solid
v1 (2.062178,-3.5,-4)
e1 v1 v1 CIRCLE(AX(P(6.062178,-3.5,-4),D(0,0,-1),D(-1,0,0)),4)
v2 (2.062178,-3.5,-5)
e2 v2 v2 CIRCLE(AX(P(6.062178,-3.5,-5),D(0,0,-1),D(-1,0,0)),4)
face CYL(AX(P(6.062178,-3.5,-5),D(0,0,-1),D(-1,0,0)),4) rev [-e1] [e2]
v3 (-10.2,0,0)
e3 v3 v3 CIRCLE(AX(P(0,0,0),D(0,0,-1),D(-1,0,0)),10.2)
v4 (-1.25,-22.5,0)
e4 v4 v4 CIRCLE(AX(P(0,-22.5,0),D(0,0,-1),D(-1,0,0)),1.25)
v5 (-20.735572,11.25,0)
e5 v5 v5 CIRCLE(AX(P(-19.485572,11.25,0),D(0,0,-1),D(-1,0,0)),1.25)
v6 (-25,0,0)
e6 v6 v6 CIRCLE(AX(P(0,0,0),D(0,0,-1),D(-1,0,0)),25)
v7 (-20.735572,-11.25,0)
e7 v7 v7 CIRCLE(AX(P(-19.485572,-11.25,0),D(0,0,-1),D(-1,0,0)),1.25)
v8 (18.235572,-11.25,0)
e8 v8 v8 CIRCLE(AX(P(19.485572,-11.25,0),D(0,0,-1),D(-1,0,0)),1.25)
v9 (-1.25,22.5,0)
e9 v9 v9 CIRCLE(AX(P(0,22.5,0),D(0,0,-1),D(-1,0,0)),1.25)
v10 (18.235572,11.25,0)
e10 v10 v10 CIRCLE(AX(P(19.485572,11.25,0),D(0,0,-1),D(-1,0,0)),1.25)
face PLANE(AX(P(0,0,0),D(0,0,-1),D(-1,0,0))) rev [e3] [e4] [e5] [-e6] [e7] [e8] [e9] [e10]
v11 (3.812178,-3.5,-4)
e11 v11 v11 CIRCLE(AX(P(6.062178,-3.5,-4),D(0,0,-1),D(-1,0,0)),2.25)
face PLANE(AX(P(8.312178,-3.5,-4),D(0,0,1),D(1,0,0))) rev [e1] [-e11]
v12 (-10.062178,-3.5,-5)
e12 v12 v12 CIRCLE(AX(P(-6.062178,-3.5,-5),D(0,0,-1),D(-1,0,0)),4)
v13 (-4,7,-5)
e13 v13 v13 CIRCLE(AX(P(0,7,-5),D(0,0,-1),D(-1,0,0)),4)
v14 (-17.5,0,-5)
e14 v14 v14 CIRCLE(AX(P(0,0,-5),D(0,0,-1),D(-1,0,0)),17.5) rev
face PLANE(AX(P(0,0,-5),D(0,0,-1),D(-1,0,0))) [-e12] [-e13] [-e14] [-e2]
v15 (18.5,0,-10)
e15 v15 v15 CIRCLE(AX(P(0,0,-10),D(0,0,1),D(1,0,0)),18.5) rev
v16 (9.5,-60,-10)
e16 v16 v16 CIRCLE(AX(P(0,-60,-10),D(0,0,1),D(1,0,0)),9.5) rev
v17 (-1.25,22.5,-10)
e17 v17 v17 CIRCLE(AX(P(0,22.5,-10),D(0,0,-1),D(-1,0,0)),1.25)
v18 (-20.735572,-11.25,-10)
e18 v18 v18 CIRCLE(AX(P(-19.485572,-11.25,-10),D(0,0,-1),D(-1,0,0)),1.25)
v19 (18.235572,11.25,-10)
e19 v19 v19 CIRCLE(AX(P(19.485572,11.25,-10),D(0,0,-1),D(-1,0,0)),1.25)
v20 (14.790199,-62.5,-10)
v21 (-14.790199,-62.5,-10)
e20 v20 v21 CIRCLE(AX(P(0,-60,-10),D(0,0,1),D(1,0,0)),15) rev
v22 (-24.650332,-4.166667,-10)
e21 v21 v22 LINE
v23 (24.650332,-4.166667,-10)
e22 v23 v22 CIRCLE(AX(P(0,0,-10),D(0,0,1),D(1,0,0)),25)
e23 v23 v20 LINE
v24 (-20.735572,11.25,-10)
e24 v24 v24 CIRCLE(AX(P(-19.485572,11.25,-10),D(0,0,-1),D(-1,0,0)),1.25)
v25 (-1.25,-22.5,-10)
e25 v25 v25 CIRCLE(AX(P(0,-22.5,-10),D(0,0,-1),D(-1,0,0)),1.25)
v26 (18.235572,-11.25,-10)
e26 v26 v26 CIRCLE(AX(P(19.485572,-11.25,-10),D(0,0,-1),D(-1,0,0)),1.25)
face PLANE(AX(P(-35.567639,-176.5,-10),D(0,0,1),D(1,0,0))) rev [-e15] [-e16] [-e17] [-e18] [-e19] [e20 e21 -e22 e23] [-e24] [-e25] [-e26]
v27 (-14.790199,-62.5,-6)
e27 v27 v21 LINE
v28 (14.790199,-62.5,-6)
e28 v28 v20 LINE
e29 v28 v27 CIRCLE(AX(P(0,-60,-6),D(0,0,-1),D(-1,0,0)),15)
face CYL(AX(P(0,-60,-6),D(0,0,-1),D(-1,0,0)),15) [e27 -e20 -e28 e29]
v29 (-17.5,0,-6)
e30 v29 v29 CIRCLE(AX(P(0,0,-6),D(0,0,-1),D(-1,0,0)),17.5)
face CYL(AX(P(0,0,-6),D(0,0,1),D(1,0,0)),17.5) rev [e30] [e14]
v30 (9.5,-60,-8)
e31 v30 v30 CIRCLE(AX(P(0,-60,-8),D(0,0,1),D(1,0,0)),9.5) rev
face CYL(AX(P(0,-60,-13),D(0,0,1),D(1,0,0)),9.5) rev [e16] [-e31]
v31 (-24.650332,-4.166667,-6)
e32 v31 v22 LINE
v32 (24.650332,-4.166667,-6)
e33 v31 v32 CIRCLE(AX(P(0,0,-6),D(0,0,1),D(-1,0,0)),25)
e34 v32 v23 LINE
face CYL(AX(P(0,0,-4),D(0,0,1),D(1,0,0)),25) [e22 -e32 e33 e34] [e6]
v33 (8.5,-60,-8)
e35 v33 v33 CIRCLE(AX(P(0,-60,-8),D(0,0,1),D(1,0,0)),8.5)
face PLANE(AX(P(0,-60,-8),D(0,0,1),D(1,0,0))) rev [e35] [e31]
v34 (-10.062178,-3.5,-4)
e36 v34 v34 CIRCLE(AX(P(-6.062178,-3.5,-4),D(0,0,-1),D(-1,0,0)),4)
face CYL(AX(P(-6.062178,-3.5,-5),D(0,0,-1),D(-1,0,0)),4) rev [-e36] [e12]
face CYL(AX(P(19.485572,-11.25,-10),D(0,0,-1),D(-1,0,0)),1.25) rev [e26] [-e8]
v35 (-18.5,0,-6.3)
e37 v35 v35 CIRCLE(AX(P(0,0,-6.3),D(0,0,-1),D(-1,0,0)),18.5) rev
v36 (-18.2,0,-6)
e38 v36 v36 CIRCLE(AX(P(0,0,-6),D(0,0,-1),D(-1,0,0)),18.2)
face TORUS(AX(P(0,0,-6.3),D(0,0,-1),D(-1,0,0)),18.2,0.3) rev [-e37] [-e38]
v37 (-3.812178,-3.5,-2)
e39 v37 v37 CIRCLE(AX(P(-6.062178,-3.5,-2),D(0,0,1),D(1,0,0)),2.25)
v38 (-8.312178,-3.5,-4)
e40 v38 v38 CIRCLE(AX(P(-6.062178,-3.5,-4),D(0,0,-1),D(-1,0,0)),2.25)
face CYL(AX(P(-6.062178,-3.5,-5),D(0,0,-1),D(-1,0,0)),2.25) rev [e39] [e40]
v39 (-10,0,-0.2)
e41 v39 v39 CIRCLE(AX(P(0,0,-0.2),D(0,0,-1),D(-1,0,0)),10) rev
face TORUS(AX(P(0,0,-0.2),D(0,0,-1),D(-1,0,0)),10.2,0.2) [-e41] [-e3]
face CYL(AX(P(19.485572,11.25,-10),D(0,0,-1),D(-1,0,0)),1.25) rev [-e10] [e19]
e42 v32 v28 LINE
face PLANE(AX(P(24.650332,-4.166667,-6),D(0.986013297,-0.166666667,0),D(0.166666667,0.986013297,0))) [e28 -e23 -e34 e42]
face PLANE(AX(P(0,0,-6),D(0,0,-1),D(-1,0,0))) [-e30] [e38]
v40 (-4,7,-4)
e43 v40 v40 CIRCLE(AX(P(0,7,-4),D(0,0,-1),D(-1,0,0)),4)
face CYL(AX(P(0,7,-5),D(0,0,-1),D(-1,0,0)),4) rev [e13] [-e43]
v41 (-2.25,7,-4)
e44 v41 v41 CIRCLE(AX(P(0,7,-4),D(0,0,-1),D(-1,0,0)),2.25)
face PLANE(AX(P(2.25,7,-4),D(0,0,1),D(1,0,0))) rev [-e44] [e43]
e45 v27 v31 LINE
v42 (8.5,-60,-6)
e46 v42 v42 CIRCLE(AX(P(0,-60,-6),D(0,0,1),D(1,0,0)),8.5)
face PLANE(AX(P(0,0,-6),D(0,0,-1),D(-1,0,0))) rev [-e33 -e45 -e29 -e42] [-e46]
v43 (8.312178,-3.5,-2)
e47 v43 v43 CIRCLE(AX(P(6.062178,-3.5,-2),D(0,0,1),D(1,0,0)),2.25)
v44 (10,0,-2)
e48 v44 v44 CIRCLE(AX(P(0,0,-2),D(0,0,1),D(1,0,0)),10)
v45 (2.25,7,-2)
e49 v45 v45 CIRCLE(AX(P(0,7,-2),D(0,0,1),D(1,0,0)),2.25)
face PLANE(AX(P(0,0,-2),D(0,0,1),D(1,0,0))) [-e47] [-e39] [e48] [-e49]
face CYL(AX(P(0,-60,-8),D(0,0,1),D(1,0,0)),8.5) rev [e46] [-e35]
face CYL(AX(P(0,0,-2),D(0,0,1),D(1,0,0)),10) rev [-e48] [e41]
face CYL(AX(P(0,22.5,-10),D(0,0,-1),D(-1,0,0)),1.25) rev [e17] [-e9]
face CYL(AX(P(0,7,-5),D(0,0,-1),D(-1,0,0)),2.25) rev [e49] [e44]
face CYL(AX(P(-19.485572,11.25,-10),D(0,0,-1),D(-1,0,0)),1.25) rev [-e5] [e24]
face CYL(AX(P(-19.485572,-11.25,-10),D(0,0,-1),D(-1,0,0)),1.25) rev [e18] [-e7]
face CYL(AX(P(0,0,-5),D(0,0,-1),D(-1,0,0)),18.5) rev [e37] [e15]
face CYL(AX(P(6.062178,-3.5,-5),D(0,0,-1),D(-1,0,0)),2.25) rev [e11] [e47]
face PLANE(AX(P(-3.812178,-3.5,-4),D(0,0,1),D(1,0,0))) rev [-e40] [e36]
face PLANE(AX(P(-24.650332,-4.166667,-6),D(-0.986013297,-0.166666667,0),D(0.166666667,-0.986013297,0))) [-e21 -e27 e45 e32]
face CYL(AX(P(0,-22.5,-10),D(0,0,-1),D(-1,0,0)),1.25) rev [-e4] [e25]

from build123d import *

# Parameters (mm, degrees)
SKETCH_2_R                   = 25
EXTRUDE_2_DEPTH              = 4
SKETCH_22_R                  = 10
CUT_EXTRUDE_1_DEPTH          = 2
FILLET_4_R                   = 0.2
SKETCH_54_R                  = 25
EXTRUDE_6_DEPTH              = 11
SKETCH_55_R                  = 18.5
CUT_EXTRUDE_2_DEPTH          = 10
HOLE_WIZARD_M4_1_D           = 4.5
HOLE_WIZARD_M4_1_CBORE_D     = 8
HOLE_WIZARD_M4_1_CBORE_DEPTH = 1
PATTERN_CIRCULAR_1_COUNT     = 3
SKETCH_59_R                  = 18.5
SKETCH_59_R_2                = 17.5
EXTRUDE_7_DEPTH              = 1
EXTRUDE_START                = -9
EXTRUDE_8_DEPTH              = 9
FILLET_6_R                   = 0.3
SKETCH_68_R                  = 9.5
CUT_EXTRUDE_7_DEPTH          = 7
SKETCH_69_R                  = 8.5
CUT_EXTRUDE_8_DEPTH          = 2
CUT_EXTRUDE_START            = -75
SKETCH_80_W                  = 72.028937147
SKETCH_80_H                  = 9.617570508
CUT_EXTRUDE_9_DEPTH          = 100
EXTRUDE_START_2              = -2
SKETCH_82_R                  = 9.5
SKETCH_82_R_2                = 8.5
EXTRUDE_9_DEPTH              = 2
PATTERN_CIRCULAR_2_COUNT     = 6


with BuildPart() as part:
    # Sketch 2 → Extrude 2 (new body)
    with BuildSketch(Plane(origin=(0, 6, 0), x_dir=(1, 0, 0), z_dir=(0, 0, -1))):
        with Locations((0, 6)):
            Circle(SKETCH_2_R)
    extrude(amount=EXTRUDE_2_DEPTH)

    # Sketch 22 → Cut-Extrude 1 (cut)
    with BuildSketch(Plane.XY):
        Circle(SKETCH_22_R)
    extrude(amount=-CUT_EXTRUDE_1_DEPTH, mode=Mode.SUBTRACT)

    # Fillet 4
    fillet_4_edges = [part.edges().sort_by_distance(p)[0] for p in [
        (-10, 0, 0),
    ]]
    fillet(fillet_4_edges, radius=FILLET_4_R)

    # Sketch 54 → Extrude 6 (add)
    with BuildSketch(Plane(origin=(0, 0, -4), x_dir=(-1, 0, 0), z_dir=(0, 0, -1))):
        Circle(SKETCH_54_R)
    extrude(amount=EXTRUDE_6_DEPTH)

    # Sketch 55 → Cut-Extrude 2 (cut)
    with BuildSketch(Plane(origin=(0, 0, -15), x_dir=(-1, 0, 0), z_dir=(0, 0, -1))):
        Circle(SKETCH_55_R)
    extrude(amount=-CUT_EXTRUDE_2_DEPTH, mode=Mode.SUBTRACT)

    # Hole Wizard M4 _ _ _ _ _ _1 (through all)
    with Locations(Plane(origin=(0, 0, -5), x_dir=(-1, 0, 0), z_dir=(0, 0, -1))):
        with Locations((0, 7)):
            hole_wizard_m4_1 = CounterBoreHole(HOLE_WIZARD_M4_1_D / 2, HOLE_WIZARD_M4_1_CBORE_D / 2, HOLE_WIZARD_M4_1_CBORE_DEPTH)

    # Pattern Circular 1: Hole Wizard M4 _ _ _ _ _ _1 ×3 about axis
    pattern_circular_1_axis = Axis((0, 0, 0), (0, 0, 1))
    for i in range(1, PATTERN_CIRCULAR_1_COUNT):
        add(hole_wizard_m4_1.rotate(pattern_circular_1_axis, i * 360 / PATTERN_CIRCULAR_1_COUNT), mode=Mode.SUBTRACT)

    # Sketch 59 → Extrude 7 (add)
    with BuildSketch(Plane(origin=(0, 0, -5), x_dir=(-1, 0, 0), z_dir=(0, 0, -1))):
        Circle(SKETCH_59_R)
        Circle(SKETCH_59_R_2, mode=Mode.SUBTRACT)
    extrude(amount=EXTRUDE_7_DEPTH)

    # Sketch 60 → Extrude 8 (add)
    with BuildSketch(Plane(origin=(0, 0, -15), x_dir=(-1, 0, 0), z_dir=(0, 0, -1)).offset(EXTRUDE_START)):
        with BuildLine():
            Line((-24.65033243, -4.166666667), (-14.790199458, -62.5))
            ThreePointArc((-14.790199458, -62.5), (0, -75), (14.790199458, -62.5))
            Line((14.790199458, -62.5), (24.65033243, -4.166666667))
            ThreePointArc((24.65033243, -4.166666667), (0, -25), (-24.65033243, -4.166666667))
        make_face()
    extrude(amount=EXTRUDE_8_DEPTH)

    # Fillet 6
    fillet_6_edges = [part.edges().sort_by_distance(p)[0] for p in [
        (18.5, 0, -6),
    ]]
    fillet(fillet_6_edges, radius=FILLET_6_R)

    # Sketch 68 → Cut-Extrude 7 (cut)
    with BuildSketch(Plane.XY.offset(-6)):
        with Locations((0, -60)):
            Circle(SKETCH_68_R)
    extrude(amount=-CUT_EXTRUDE_7_DEPTH, mode=Mode.SUBTRACT)

    # Sketch 69 → Cut-Extrude 8 (cut)
    with BuildSketch(Plane.XY.offset(-13)):
        with Locations((0, -60)):
            Circle(SKETCH_69_R)
    extrude(amount=-CUT_EXTRUDE_8_DEPTH, mode=Mode.SUBTRACT)

    # Sketch 80 → Cut-Extrude 9 (cut)
    with BuildSketch(Plane(origin=(0, 0, 0), x_dir=(1, 0, 0), z_dir=(0, 1, 0)).offset(CUT_EXTRUDE_START)):
        with Locations((0.446829634, 14.808785254)):
            Rectangle(SKETCH_80_W, SKETCH_80_H)
    extrude(amount=CUT_EXTRUDE_9_DEPTH, mode=Mode.SUBTRACT)

    # Sketch 82 → Extrude 9 (add)
    with BuildSketch(Plane.XY.offset(-6).offset(EXTRUDE_START_2)):
        with Locations((0, -60)):
            Circle(SKETCH_82_R)
        with Locations((0, -60)):
            Circle(SKETCH_82_R_2, mode=Mode.SUBTRACT)
    extrude(amount=EXTRUDE_9_DEPTH)

    # Sketch 87 → Hole Wizard M3 _ _ _ _1 (revolve, cut)
    with BuildSketch(Plane(origin=(0, 22.5, -10), x_dir=(0, 1, 0), z_dir=(1, 0, 0))):
        Polygon((0, 0), (0, 222.751075774), (1.25, 222), (1.25, 0), align=None)
    hole_wizard_m3_1 = revolve(axis=Axis((0, 22.5, -16.35), (0, 0, 1)), mode=Mode.SUBTRACT)

    # Pattern Circular 2: Hole Wizard M3 _ _ _ _1 ×6 about axis
    pattern_circular_2_axis = Axis((0, 0, 0), (0, 0, 1))
    for i in range(1, PATTERN_CIRCULAR_2_COUNT):
        add(hole_wizard_m3_1.rotate(pattern_circular_2_axis, i * 360 / PATTERN_CIRCULAR_2_COUNT), mode=Mode.SUBTRACT)


solid = part.part
